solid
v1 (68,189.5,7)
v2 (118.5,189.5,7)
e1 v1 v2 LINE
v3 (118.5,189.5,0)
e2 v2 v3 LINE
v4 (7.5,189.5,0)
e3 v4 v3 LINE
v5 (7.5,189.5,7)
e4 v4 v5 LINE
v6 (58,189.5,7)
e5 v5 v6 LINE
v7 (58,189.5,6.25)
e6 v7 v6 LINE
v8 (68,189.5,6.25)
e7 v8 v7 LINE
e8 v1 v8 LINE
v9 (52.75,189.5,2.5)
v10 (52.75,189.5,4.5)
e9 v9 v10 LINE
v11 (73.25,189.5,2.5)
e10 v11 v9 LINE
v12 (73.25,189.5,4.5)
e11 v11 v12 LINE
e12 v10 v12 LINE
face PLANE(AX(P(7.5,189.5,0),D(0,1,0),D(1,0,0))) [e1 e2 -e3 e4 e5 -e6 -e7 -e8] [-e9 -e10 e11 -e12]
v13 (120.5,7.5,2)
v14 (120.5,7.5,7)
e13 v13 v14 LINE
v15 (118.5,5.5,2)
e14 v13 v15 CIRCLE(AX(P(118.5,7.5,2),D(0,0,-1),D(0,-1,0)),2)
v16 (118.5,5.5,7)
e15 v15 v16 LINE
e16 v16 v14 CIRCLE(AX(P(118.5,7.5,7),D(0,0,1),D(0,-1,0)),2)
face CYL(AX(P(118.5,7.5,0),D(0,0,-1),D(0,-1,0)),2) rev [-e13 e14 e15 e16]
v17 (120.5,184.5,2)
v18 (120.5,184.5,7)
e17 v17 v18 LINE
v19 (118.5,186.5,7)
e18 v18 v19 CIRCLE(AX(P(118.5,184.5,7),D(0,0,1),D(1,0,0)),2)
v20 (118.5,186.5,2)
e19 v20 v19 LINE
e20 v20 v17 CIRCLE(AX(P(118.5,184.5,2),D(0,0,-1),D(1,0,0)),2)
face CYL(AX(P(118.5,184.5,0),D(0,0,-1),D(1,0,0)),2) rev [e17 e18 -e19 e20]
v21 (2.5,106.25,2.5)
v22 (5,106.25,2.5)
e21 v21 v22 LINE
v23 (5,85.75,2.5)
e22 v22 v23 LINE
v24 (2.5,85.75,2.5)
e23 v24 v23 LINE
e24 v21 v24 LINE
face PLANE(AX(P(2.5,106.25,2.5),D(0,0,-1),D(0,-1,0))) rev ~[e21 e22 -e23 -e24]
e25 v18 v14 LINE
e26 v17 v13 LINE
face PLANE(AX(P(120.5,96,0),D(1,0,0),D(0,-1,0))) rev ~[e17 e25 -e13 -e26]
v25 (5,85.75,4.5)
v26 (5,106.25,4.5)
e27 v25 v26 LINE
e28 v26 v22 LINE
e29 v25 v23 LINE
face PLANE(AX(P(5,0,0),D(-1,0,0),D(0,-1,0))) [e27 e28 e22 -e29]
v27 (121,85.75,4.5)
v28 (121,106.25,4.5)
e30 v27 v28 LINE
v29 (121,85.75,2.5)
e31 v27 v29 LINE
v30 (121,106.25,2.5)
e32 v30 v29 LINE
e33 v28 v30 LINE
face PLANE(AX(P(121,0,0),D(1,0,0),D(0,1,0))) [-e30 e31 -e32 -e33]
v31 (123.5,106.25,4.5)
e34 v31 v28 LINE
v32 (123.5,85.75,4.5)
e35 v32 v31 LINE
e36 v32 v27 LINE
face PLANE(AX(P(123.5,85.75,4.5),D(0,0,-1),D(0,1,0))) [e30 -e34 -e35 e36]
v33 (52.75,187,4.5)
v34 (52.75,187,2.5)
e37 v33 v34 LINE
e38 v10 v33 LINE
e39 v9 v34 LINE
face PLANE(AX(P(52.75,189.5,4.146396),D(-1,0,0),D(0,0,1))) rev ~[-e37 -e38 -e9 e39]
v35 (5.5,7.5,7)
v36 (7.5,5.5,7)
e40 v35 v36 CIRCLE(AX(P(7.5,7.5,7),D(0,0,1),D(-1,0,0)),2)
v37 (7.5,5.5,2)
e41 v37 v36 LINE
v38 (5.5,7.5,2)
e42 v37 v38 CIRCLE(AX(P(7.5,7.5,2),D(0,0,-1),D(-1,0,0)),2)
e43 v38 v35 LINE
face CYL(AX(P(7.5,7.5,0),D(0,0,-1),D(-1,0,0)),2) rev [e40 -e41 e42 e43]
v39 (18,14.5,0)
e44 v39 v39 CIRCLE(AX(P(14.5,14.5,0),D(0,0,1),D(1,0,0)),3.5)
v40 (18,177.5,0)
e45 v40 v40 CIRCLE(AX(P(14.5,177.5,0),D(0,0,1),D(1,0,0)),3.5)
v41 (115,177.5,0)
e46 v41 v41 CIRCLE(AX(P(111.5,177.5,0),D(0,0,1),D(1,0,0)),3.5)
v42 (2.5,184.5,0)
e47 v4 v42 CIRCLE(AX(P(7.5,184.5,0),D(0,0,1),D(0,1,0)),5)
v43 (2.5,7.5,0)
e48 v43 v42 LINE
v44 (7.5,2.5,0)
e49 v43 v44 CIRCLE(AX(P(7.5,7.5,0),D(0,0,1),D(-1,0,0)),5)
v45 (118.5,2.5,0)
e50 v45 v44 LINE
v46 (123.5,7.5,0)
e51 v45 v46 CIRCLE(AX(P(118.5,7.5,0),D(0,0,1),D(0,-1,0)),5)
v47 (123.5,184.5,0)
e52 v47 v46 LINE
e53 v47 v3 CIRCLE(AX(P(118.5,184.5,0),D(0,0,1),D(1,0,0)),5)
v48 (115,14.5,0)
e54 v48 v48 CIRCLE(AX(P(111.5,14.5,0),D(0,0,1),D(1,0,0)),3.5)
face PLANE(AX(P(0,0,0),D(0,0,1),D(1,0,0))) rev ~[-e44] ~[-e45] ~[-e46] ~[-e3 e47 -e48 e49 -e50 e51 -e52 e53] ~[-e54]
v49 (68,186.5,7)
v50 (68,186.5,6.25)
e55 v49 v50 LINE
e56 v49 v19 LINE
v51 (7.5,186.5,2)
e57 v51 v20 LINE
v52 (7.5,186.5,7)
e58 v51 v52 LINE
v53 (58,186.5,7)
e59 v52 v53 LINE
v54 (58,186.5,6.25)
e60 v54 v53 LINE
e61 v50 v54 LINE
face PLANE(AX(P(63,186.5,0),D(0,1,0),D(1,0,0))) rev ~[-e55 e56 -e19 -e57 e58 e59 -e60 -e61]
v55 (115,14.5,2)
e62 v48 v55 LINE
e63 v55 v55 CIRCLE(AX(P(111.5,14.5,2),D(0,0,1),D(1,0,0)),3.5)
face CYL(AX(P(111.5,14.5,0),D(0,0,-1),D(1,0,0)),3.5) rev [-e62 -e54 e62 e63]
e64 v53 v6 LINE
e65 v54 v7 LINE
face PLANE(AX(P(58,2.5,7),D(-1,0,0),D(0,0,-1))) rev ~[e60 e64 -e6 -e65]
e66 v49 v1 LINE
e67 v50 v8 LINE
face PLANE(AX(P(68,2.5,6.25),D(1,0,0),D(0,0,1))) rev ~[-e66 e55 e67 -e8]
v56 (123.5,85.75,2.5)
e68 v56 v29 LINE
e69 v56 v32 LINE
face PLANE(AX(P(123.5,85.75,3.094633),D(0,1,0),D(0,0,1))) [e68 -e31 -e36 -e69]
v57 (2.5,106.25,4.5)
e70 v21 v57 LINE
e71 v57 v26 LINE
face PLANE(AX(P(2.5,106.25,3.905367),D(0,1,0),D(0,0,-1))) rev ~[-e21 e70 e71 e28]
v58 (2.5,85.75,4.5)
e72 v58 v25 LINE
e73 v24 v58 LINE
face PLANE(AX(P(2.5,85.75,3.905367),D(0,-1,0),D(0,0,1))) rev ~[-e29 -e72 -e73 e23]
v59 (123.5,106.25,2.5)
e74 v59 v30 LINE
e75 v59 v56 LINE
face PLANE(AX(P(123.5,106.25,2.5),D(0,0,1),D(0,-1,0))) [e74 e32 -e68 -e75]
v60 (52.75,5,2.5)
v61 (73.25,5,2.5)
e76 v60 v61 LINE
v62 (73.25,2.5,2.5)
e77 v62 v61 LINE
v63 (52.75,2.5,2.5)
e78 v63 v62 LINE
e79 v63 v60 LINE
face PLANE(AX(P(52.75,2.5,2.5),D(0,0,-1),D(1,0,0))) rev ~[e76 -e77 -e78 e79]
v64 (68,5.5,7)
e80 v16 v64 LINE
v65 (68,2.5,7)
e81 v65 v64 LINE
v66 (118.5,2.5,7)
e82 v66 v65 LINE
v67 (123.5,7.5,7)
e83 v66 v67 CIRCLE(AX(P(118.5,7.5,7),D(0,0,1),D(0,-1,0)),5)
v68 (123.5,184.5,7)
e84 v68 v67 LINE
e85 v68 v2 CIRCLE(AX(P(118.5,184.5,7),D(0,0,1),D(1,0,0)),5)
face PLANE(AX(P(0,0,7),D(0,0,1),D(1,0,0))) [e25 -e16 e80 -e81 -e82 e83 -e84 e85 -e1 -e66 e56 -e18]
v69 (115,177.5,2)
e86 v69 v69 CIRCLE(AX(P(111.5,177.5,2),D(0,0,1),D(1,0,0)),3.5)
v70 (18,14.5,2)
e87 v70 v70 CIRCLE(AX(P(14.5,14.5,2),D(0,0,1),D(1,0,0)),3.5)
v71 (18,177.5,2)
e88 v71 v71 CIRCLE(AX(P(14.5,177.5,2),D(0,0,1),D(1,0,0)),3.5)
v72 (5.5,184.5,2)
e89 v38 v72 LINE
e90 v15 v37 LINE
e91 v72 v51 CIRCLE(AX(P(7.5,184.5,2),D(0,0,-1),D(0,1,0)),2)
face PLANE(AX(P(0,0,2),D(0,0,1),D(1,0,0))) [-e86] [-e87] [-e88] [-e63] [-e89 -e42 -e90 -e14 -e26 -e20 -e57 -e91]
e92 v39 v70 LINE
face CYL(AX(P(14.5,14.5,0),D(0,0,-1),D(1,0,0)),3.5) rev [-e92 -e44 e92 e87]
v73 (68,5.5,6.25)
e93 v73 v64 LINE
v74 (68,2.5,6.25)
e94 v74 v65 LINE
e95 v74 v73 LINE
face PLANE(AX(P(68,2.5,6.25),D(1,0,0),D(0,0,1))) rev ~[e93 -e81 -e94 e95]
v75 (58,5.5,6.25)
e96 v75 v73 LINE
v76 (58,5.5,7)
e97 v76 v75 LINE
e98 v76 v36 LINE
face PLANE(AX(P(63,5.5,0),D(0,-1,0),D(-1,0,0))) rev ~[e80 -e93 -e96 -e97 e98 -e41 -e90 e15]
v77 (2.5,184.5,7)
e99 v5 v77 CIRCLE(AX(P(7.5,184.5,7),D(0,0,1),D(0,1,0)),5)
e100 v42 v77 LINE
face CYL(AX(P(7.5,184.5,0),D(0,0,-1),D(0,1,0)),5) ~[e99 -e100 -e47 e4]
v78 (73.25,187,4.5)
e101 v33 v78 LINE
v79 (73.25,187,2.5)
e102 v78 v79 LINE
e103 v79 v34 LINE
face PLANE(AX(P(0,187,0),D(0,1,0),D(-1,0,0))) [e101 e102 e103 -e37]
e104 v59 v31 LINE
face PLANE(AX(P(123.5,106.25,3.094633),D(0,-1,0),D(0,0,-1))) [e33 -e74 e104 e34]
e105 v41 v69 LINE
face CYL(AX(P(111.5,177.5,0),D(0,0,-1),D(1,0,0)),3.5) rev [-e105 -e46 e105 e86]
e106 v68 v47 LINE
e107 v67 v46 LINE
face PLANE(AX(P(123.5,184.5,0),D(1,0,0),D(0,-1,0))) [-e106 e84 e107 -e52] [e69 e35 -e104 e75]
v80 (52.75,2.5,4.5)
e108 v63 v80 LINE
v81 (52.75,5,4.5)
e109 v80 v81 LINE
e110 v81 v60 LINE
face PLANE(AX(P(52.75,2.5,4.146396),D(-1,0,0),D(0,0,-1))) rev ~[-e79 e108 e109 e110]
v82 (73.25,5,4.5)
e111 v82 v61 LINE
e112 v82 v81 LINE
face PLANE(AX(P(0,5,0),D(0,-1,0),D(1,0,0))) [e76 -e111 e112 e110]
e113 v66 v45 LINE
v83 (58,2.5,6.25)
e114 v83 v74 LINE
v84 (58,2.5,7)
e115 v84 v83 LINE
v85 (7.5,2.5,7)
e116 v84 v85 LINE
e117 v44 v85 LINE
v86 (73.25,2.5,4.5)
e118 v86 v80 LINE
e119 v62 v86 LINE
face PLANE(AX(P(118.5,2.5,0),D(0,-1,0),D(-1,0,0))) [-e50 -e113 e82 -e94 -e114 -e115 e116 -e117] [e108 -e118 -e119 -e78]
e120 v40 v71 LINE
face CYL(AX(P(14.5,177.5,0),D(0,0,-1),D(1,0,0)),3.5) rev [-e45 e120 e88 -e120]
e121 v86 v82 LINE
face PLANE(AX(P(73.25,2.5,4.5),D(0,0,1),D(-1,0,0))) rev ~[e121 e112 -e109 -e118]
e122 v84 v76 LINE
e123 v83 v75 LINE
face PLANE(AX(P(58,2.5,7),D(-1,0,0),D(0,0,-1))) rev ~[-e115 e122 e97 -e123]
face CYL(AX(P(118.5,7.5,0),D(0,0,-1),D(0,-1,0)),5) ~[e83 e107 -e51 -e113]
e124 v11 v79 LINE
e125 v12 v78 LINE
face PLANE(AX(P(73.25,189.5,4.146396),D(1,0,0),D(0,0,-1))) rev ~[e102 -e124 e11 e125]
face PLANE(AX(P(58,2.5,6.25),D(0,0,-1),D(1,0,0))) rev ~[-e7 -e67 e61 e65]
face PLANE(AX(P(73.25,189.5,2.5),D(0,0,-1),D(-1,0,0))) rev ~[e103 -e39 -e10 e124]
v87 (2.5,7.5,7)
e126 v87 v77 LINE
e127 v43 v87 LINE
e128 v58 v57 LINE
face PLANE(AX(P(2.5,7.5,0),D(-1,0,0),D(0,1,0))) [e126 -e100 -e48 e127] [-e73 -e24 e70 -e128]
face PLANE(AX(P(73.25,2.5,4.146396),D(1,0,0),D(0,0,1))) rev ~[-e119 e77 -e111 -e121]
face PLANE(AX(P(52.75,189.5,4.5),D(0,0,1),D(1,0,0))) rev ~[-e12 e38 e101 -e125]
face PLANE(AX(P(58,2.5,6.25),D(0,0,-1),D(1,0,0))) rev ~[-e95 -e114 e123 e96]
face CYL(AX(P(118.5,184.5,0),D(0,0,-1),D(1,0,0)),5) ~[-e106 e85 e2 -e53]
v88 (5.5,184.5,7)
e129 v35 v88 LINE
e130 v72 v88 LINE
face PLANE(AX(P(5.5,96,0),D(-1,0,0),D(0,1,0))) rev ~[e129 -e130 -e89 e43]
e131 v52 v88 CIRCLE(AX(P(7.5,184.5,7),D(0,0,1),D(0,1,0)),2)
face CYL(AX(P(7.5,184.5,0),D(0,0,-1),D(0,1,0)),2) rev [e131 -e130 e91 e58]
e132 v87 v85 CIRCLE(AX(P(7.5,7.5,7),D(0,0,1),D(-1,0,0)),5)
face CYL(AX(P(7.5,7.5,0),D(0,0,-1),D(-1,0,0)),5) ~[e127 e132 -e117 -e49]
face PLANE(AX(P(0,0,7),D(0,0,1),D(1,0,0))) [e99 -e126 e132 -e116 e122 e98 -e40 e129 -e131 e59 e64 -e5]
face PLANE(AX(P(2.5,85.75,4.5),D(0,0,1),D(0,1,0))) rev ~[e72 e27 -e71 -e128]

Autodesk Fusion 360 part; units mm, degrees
sketch "Sketch1" plane through (0, 0, 0) normal (0, 0, 1) x (1, 0, 0)
  circle A0 centre (14.5, 177.5) radius 3.5
  line L0 (7.5, 189.5) -> (118.5, 189.5)
  line L1 (123.5, 184.5) -> (123.5, 7.5)
  line L2 (118.5, 2.5) -> (7.5, 2.5)
  line L3 (2.5, 7.5) -> (2.5, 184.5)
  arc A1 (7.5, 189.5) -> (2.5, 184.5) centre (7.5, 184.5) ccw
  arc A2 (123.5, 184.5) -> (118.5, 189.5) centre (118.5, 184.5) ccw
  arc A3 (2.5, 7.5) -> (7.5, 2.5) centre (7.5, 7.5) ccw
  arc A4 (118.5, 2.5) -> (123.5, 7.5) centre (118.5, 7.5) ccw
  arc A5 (118.5, 5.5) -> (120.5, 7.5) centre (118.5, 7.5) ccw
  line L4 (120.5, 184.5) -> (120.5, 7.5)
  arc A6 (120.5, 184.5) -> (118.5, 186.5) centre (118.5, 184.5) ccw
  line L5 (7.5, 186.5) -> (118.5, 186.5)
  arc A7 (7.5, 186.5) -> (5.5, 184.5) centre (7.5, 184.5) ccw
  line L6 (5.5, 7.5) -> (5.5, 184.5)
  arc A8 (5.5, 7.5) -> (7.5, 5.5) centre (7.5, 7.5) ccw
  line L7 (118.5, 5.5) -> (7.5, 5.5)
  line L8 (63, 186.5) -> (63, 5.5)
  line L9 (5.5, 96) -> (120.5, 96)
  circle A9 centre (111.5, 177.5) radius 3.5
  circle A10 centre (14.5, 14.5) radius 3.5
  circle A11 centre (111.5, 14.5) radius 3.5
  dimension "d5" = 7
  dimension "d28" = 5
  dimension "d30" = 5
  dimension "d32" = 5
  dimension "d34" = 5
  dimension "d36" = 3
  dimension "d37" = 187
  dimension "d38" = 121
  dimension "d41" = 9
  dimension "d42" = 9
extrude "Extrude5" add sketch "Sketch1" along normal blind 2 contours L0 L1 L2 L3 A1 A2 A3 A4 | A5 L4 L7 L8 L9 | L6 A8 L7 L8 L9 | L4 A6 L5 L8 L9 | L5 A7 L6 L8 L9
extrude "Extrude6" add sketch "Sketch1" along normal blind 7 contours L0 L1 L2 L3 A1 A2 A3 A4
sketch "Skizze3" plane through (2.5, 0, 0) normal (-1, 0, 0) x (0, -1, 0)
  line L0 (-184.5, 0) -> (-7.5, 0)
  line L1 (-7.5, 0) -> (-7.5, 7)
  line L2 (-7.5, 7) -> (-184.5, 7)
  line L3 (-184.5, 7) -> (-184.5, 0)
  line L4 (-184.5, 7) -> (-7.5, 0)
  line L5 (-7.5, 7) -> (-184.5, 0)
  line L6 (-85.75, 4.5) -> (-106.25, 4.5)
  line L7 (-106.25, 4.5) -> (-106.25, 2.5)
  line L8 (-106.25, 2.5) -> (-85.75, 2.5)
  line L9 (-85.75, 2.5) -> (-85.75, 4.5)
  line L10 (-85.75, 4.5) -> (-106.25, 2.5) construction
  line L11 (-106.25, 4.5) -> (-85.75, 2.5) construction
  point P0 (-96, 3.5)
  dimension "d43" = 20.5
  dimension "d44" = 2
extrude "Extrusion7" cut sketch "Skizze3" against normal blind 2.5 contours L4 L5 L7 | L4 L5 L7 L8 L9 | L4 L5 L9 | L4 L5 L6 L7 L9
sketch "Skizze4" plane through (0, 189.5, 0) normal (0, 1, 0) x (-1, 0, 0)
  line L0 (-118.5, 0) -> (-7.5, 0)
  line L1 (-7.5, 0) -> (-7.5, 7)
  line L2 (-7.5, 7) -> (-118.5, 7)
  line L3 (-118.5, 7) -> (-118.5, 0)
  line L4 (-118.5, 7) -> (-7.5, 0)
  line L5 (-7.5, 7) -> (-118.5, 0)
  line L6 (-52.75, 4.5) -> (-73.25, 4.5)
  line L7 (-73.25, 4.5) -> (-73.25, 2.5)
  line L8 (-73.25, 2.5) -> (-52.75, 2.5)
  line L9 (-52.75, 2.5) -> (-52.75, 4.5)
  line L10 (-52.75, 4.5) -> (-73.25, 2.5) construction
  line L11 (-73.25, 4.5) -> (-52.75, 2.5) construction
  point P0 (-63, 3.5)
  dimension "d47" = 20.5
  dimension "d48" = 2
extrude "Extrusion8" cut sketch "Skizze4" against normal blind 2.5 contours L4 L5 L7 | L4 L5 L7 L8 L9 | L4 L5 L9 | L4 L5 L6 L7 L9
sketch "Skizze5" plane through (0, 2.5, 0) normal (0, -1, 0) x (1, 0, 0)
  line L0 (7.5, 0) -> (118.5, 0)
  line L1 (118.5, 0) -> (118.5, 7)
  line L2 (118.5, 7) -> (7.5, 7)
  line L3 (7.5, 7) -> (7.5, 0)
  line L4 (118.5, 7) -> (7.5, 0)
  line L5 (7.5, 7) -> (118.5, 0)
  line L6 (73.25, 4.5) -> (52.75, 4.5)
  line L7 (52.75, 4.5) -> (52.75, 2.5)
  line L8 (52.75, 2.5) -> (73.25, 2.5)
  line L9 (73.25, 2.5) -> (73.25, 4.5)
  line L10 (73.25, 4.5) -> (52.75, 2.5) construction
  line L11 (52.75, 4.5) -> (73.25, 2.5) construction
  point P0 (63, 3.5)
  dimension "d51" = 20.5
  dimension "d52" = 2
extrude "Extrusion9" cut sketch "Skizze5" against normal blind 2.5 contours L4 L5 L7 | L4 L5 L7 L8 L9 | L4 L5 L9 | L4 L5 L6 L7 L9
sketch "Skizze6" plane through (123.5, 0, 0) normal (1, 0, 0) x (0, 1, 0)
  line L0 (7.5, 0) -> (184.5, 0)
  line L1 (184.5, 0) -> (184.5, 7)
  line L2 (184.5, 7) -> (7.5, 7)
  line L3 (7.5, 7) -> (7.5, 0)
  line L4 (7.5, 7) -> (184.5, 0)
  line L5 (184.5, 7) -> (7.5, 0)
  line L6 (106.25, 2.5) -> (85.75, 2.5)
  line L7 (85.75, 2.5) -> (85.75, 4.5)
  line L8 (85.75, 4.5) -> (106.25, 4.5)
  line L9 (106.25, 4.5) -> (106.25, 2.5)
  line L10 (106.25, 2.5) -> (85.75, 4.5) construction
  line L11 (85.75, 2.5) -> (106.25, 4.5) construction
  point P0 (96, 3.5)
  point P1 (96, 3.5)
  dimension "d55" = 20.5
  dimension "d56" = 2
  dimension "d59" = 3.5
extrude "Extrusion10" cut sketch "Skizze6" against normal blind 2.5 contours L4 L5 L7 | L4 L5 L6 L7 L9 | L4 L5 L9 | L4 L5 L7 L8 L9
sketch "Cutout USB" plane through (0, 2.5, 0) normal (0, -1, 0) x (1, 0, 0)
  line L0 (52.75, 4.5) -> (73.25, 4.5)
  line L1 (73.25, 4.5) -> (73.25, 2.5)
  line L2 (73.25, 2.5) -> (52.75, 2.5)
  line L3 (52.75, 2.5) -> (52.75, 4.5)
  line L4 (7.5, 0) -> (118.5, 0)
  line L5 (118.5, 0) -> (118.5, 7)
  line L6 (118.5, 7) -> (7.5, 7)
  line L7 (7.5, 7) -> (7.5, 0)
  line L8 (58, 6.25) -> (68, 6.25)
  line L9 (68, 6.25) -> (68, 7)
  line L10 (68, 7) -> (58, 7)
  line L11 (58, 7) -> (58, 6.25)
  dimension "d64" = 10
  dimension "d65" = 0.75
extrude "Extrude11" cut sketch "Cutout USB" against normal blind 190 contours L6 L8 L9 L10 L11
